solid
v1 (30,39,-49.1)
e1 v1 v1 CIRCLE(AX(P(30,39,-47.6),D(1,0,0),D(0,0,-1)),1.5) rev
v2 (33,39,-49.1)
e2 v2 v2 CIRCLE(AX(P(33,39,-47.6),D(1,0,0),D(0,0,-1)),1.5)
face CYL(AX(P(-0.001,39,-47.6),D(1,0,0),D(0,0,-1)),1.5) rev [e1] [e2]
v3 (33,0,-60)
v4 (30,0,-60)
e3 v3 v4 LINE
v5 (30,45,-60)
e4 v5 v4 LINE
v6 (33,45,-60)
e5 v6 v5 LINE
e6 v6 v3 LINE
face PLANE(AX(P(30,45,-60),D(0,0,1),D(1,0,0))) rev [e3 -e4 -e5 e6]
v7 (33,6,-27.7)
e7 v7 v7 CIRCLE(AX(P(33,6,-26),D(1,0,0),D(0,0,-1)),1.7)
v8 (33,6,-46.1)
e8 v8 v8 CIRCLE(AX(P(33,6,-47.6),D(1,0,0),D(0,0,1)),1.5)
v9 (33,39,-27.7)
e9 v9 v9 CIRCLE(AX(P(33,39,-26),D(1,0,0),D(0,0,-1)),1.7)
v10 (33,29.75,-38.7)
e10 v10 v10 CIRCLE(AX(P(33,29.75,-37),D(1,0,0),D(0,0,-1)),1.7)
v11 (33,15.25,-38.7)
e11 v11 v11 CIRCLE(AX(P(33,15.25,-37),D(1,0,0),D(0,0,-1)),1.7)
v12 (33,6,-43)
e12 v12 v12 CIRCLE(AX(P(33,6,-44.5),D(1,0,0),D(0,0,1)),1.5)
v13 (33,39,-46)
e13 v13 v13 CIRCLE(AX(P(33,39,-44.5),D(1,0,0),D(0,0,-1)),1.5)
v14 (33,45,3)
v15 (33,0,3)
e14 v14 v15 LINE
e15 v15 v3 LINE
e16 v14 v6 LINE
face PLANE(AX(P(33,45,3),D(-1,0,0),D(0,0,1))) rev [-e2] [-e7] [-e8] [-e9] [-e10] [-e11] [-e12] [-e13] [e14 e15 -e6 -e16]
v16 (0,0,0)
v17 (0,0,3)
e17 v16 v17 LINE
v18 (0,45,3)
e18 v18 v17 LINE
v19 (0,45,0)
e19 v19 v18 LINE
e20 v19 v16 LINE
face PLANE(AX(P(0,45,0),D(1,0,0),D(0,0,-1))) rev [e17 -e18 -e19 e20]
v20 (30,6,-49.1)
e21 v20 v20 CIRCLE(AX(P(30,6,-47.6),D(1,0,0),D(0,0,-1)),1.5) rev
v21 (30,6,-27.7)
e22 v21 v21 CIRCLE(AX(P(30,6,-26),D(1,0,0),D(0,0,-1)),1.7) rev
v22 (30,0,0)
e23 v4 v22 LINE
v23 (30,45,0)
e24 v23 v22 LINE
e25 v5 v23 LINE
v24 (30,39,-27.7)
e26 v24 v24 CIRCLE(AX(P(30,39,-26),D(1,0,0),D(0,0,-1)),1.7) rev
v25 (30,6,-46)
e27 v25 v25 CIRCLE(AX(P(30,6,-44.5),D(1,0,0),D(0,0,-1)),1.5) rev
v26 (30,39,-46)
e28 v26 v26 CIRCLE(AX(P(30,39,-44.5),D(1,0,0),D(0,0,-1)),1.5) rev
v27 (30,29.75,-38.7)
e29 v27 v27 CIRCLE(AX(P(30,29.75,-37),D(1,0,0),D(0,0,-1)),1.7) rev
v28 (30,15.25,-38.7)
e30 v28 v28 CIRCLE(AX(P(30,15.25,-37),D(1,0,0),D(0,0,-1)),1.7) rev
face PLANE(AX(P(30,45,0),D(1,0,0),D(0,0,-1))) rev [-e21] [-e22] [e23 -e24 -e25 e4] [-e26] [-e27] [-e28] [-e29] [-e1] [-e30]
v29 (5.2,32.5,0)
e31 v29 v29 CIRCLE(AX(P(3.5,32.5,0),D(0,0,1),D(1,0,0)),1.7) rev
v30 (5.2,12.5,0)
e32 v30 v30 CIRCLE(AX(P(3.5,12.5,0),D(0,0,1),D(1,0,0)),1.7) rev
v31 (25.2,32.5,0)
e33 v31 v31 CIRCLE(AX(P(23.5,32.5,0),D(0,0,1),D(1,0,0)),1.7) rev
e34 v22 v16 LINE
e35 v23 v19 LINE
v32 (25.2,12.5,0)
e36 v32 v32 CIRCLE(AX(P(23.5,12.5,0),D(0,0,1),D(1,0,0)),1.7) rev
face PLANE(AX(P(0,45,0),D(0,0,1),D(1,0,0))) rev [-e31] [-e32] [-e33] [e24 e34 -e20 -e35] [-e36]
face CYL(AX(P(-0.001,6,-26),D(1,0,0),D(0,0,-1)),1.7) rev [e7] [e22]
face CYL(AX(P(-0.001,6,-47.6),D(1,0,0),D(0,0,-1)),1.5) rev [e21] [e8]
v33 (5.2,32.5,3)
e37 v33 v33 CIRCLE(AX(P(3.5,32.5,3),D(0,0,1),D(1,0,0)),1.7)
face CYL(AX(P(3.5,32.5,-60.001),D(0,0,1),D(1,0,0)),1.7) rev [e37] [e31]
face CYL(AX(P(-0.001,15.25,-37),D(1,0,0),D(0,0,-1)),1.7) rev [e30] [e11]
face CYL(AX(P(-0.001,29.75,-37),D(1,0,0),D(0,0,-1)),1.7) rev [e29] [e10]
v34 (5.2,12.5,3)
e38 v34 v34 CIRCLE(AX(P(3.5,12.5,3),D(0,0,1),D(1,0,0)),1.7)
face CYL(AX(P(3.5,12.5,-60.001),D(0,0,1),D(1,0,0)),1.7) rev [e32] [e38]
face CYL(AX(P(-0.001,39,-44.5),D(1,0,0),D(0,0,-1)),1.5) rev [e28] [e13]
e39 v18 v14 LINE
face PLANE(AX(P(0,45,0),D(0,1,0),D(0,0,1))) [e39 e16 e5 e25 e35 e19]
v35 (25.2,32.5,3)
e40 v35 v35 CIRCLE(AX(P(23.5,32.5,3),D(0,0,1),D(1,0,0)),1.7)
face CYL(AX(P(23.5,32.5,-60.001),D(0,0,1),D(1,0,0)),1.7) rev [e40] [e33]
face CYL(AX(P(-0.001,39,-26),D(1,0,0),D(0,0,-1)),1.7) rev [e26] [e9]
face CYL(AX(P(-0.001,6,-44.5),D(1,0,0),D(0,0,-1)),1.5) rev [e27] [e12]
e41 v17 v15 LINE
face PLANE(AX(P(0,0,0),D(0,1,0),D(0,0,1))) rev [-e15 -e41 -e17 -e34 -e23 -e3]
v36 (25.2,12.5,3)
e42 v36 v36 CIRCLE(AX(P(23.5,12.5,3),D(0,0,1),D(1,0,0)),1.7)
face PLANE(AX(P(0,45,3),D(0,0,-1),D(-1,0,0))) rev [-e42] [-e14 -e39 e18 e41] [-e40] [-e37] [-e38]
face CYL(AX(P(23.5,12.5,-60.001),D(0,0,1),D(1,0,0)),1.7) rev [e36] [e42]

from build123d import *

# Parameters (mm, degrees)
EXTRUDE_1_DEPTH     = 45
CUT_EXTRUDE_1_REACH = 86.161
SKETCH_2_R          = 1.7
CUT_EXTRUDE_2_REACH = 83.939
SKETCH_3_R          = 1.7
SKETCH_3_R_2        = 1.5


with BuildPart() as part:
    # 草图1 → 凸台-拉伸1 (new body)
    with BuildSketch(Plane(origin=(0, 0, 0), x_dir=(1, 0, 0), z_dir=(0, 1, 0))):
        Polygon((0, 0), (30, 0), (30, 60), (33, 60), (33, -3), (0, -3), align=None)
    extrude(amount=EXTRUDE_1_DEPTH)

    # 草图2 → 切除-拉伸1 (cut, up to next)
    with BuildSketch(Plane.XY.offset(3), mode=Mode.PRIVATE) as cut_extrude_1_sk1:
        with Locations((3.5, 32.5)):
            Circle(SKETCH_2_R)
    cut_extrude_1_tool1 = extrude(cut_extrude_1_sk1.sketch, amount=-CUT_EXTRUDE_1_REACH, mode=Mode.PRIVATE) & part.part
    # 草图2 → 切除-拉伸1 (cut, up to next)
    with BuildSketch(Plane.XY.offset(3), mode=Mode.PRIVATE) as cut_extrude_1_sk2:
        with Locations((23.5, 32.5)):
            Circle(SKETCH_2_R)
    cut_extrude_1_tool2 = extrude(cut_extrude_1_sk2.sketch, amount=-CUT_EXTRUDE_1_REACH, mode=Mode.PRIVATE) & part.part
    # 草图2 → 切除-拉伸1 (cut, up to next)
    with BuildSketch(Plane.XY.offset(3), mode=Mode.PRIVATE) as cut_extrude_1_sk3:
        with Locations((23.5, 12.5)):
            Circle(SKETCH_2_R)
    cut_extrude_1_tool3 = extrude(cut_extrude_1_sk3.sketch, amount=-CUT_EXTRUDE_1_REACH, mode=Mode.PRIVATE) & part.part
    # 草图2 → 切除-拉伸1 (cut, up to next)
    with BuildSketch(Plane.XY.offset(3), mode=Mode.PRIVATE) as cut_extrude_1_sk4:
        with Locations((3.5, 12.5)):
            Circle(SKETCH_2_R)
    cut_extrude_1_tool4 = extrude(cut_extrude_1_sk4.sketch, amount=-CUT_EXTRUDE_1_REACH, mode=Mode.PRIVATE) & part.part
    add(cut_extrude_1_tool1.solids().sort_by_distance((3.5, 32.5, 3))[0], mode=Mode.SUBTRACT)
    add(cut_extrude_1_tool2.solids().sort_by_distance((23.5, 32.5, 3))[0], mode=Mode.SUBTRACT)
    add(cut_extrude_1_tool3.solids().sort_by_distance((23.5, 12.5, 3))[0], mode=Mode.SUBTRACT)
    add(cut_extrude_1_tool4.solids().sort_by_distance((3.5, 12.5, 3))[0], mode=Mode.SUBTRACT)

    # 草图3 → 切除-拉伸2 (cut, up to next)
    with BuildSketch(Plane(origin=(33, 0, 0), x_dir=(0, 0, -1), z_dir=(1, 0, 0)), mode=Mode.PRIVATE) as cut_extrude_2_sk1:
        with Locations((26, 6)):
            Circle(SKETCH_3_R)
    cut_extrude_2_tool1 = extrude(cut_extrude_2_sk1.sketch, amount=-CUT_EXTRUDE_2_REACH, mode=Mode.PRIVATE) & part.part
    # 草图3 → 切除-拉伸2 (cut, up to next)
    with BuildSketch(Plane(origin=(33, 0, 0), x_dir=(0, 0, -1), z_dir=(1, 0, 0)), mode=Mode.PRIVATE) as cut_extrude_2_sk2:
        with Locations((26, 39)):
            Circle(SKETCH_3_R)
    cut_extrude_2_tool2 = extrude(cut_extrude_2_sk2.sketch, amount=-CUT_EXTRUDE_2_REACH, mode=Mode.PRIVATE) & part.part
    # 草图3 → 切除-拉伸2 (cut, up to next)
    with BuildSketch(Plane(origin=(33, 0, 0), x_dir=(0, 0, -1), z_dir=(1, 0, 0)), mode=Mode.PRIVATE) as cut_extrude_2_sk3:
        with Locations((37, 15.25)):
            Circle(SKETCH_3_R)
    cut_extrude_2_tool3 = extrude(cut_extrude_2_sk3.sketch, amount=-CUT_EXTRUDE_2_REACH, mode=Mode.PRIVATE) & part.part
    # 草图3 → 切除-拉伸2 (cut, up to next)
    with BuildSketch(Plane(origin=(33, 0, 0), x_dir=(0, 0, -1), z_dir=(1, 0, 0)), mode=Mode.PRIVATE) as cut_extrude_2_sk4:
        with Locations((37, 29.75)):
            Circle(SKETCH_3_R)
    cut_extrude_2_tool4 = extrude(cut_extrude_2_sk4.sketch, amount=-CUT_EXTRUDE_2_REACH, mode=Mode.PRIVATE) & part.part
    # 草图3 → 切除-拉伸2 (cut, up to next)
    with BuildSketch(Plane(origin=(33, 0, 0), x_dir=(0, 0, -1), z_dir=(1, 0, 0)), mode=Mode.PRIVATE) as cut_extrude_2_sk5:
        with Locations((44.5, 39)):
            Circle(SKETCH_3_R_2)
    cut_extrude_2_tool5 = extrude(cut_extrude_2_sk5.sketch, amount=-CUT_EXTRUDE_2_REACH, mode=Mode.PRIVATE) & part.part
    # 草图3 → 切除-拉伸2 (cut, up to next)
    with BuildSketch(Plane(origin=(33, 0, 0), x_dir=(0, 0, -1), z_dir=(1, 0, 0)), mode=Mode.PRIVATE) as cut_extrude_2_sk6:
        with Locations((47.6, 6)):
            Circle(SKETCH_3_R_2)
    cut_extrude_2_tool6 = extrude(cut_extrude_2_sk6.sketch, amount=-CUT_EXTRUDE_2_REACH, mode=Mode.PRIVATE) & part.part
    # 草图3 → 切除-拉伸2 (cut, up to next)
    with BuildSketch(Plane(origin=(33, 0, 0), x_dir=(0, 0, -1), z_dir=(1, 0, 0)), mode=Mode.PRIVATE) as cut_extrude_2_sk7:
        with Locations((47.6, 39)):
            Circle(SKETCH_3_R_2)
    cut_extrude_2_tool7 = extrude(cut_extrude_2_sk7.sketch, amount=-CUT_EXTRUDE_2_REACH, mode=Mode.PRIVATE) & part.part
    # 草图3 → 切除-拉伸2 (cut, up to next)
    with BuildSketch(Plane(origin=(33, 0, 0), x_dir=(0, 0, -1), z_dir=(1, 0, 0)), mode=Mode.PRIVATE) as cut_extrude_2_sk8:
        with Locations((44.5, 6)):
            Circle(SKETCH_3_R_2)
    cut_extrude_2_tool8 = extrude(cut_extrude_2_sk8.sketch, amount=-CUT_EXTRUDE_2_REACH, mode=Mode.PRIVATE) & part.part
    add(cut_extrude_2_tool1.solids().sort_by_distance((33, 6, -26))[0], mode=Mode.SUBTRACT)
    add(cut_extrude_2_tool2.solids().sort_by_distance((33, 39, -26))[0], mode=Mode.SUBTRACT)
    add(cut_extrude_2_tool3.solids().sort_by_distance((33, 15.25, -37))[0], mode=Mode.SUBTRACT)
    add(cut_extrude_2_tool4.solids().sort_by_distance((33, 29.75, -37))[0], mode=Mode.SUBTRACT)
    add(cut_extrude_2_tool5.solids().sort_by_distance((33, 39, -44.5))[0], mode=Mode.SUBTRACT)
    add(cut_extrude_2_tool6.solids().sort_by_distance((33, 6, -47.6))[0], mode=Mode.SUBTRACT)
    add(cut_extrude_2_tool7.solids().sort_by_distance((33, 39, -47.6))[0], mode=Mode.SUBTRACT)
    add(cut_extrude_2_tool8.solids().sort_by_distance((33, 6, -44.5))[0], mode=Mode.SUBTRACT)


solid = part.part
